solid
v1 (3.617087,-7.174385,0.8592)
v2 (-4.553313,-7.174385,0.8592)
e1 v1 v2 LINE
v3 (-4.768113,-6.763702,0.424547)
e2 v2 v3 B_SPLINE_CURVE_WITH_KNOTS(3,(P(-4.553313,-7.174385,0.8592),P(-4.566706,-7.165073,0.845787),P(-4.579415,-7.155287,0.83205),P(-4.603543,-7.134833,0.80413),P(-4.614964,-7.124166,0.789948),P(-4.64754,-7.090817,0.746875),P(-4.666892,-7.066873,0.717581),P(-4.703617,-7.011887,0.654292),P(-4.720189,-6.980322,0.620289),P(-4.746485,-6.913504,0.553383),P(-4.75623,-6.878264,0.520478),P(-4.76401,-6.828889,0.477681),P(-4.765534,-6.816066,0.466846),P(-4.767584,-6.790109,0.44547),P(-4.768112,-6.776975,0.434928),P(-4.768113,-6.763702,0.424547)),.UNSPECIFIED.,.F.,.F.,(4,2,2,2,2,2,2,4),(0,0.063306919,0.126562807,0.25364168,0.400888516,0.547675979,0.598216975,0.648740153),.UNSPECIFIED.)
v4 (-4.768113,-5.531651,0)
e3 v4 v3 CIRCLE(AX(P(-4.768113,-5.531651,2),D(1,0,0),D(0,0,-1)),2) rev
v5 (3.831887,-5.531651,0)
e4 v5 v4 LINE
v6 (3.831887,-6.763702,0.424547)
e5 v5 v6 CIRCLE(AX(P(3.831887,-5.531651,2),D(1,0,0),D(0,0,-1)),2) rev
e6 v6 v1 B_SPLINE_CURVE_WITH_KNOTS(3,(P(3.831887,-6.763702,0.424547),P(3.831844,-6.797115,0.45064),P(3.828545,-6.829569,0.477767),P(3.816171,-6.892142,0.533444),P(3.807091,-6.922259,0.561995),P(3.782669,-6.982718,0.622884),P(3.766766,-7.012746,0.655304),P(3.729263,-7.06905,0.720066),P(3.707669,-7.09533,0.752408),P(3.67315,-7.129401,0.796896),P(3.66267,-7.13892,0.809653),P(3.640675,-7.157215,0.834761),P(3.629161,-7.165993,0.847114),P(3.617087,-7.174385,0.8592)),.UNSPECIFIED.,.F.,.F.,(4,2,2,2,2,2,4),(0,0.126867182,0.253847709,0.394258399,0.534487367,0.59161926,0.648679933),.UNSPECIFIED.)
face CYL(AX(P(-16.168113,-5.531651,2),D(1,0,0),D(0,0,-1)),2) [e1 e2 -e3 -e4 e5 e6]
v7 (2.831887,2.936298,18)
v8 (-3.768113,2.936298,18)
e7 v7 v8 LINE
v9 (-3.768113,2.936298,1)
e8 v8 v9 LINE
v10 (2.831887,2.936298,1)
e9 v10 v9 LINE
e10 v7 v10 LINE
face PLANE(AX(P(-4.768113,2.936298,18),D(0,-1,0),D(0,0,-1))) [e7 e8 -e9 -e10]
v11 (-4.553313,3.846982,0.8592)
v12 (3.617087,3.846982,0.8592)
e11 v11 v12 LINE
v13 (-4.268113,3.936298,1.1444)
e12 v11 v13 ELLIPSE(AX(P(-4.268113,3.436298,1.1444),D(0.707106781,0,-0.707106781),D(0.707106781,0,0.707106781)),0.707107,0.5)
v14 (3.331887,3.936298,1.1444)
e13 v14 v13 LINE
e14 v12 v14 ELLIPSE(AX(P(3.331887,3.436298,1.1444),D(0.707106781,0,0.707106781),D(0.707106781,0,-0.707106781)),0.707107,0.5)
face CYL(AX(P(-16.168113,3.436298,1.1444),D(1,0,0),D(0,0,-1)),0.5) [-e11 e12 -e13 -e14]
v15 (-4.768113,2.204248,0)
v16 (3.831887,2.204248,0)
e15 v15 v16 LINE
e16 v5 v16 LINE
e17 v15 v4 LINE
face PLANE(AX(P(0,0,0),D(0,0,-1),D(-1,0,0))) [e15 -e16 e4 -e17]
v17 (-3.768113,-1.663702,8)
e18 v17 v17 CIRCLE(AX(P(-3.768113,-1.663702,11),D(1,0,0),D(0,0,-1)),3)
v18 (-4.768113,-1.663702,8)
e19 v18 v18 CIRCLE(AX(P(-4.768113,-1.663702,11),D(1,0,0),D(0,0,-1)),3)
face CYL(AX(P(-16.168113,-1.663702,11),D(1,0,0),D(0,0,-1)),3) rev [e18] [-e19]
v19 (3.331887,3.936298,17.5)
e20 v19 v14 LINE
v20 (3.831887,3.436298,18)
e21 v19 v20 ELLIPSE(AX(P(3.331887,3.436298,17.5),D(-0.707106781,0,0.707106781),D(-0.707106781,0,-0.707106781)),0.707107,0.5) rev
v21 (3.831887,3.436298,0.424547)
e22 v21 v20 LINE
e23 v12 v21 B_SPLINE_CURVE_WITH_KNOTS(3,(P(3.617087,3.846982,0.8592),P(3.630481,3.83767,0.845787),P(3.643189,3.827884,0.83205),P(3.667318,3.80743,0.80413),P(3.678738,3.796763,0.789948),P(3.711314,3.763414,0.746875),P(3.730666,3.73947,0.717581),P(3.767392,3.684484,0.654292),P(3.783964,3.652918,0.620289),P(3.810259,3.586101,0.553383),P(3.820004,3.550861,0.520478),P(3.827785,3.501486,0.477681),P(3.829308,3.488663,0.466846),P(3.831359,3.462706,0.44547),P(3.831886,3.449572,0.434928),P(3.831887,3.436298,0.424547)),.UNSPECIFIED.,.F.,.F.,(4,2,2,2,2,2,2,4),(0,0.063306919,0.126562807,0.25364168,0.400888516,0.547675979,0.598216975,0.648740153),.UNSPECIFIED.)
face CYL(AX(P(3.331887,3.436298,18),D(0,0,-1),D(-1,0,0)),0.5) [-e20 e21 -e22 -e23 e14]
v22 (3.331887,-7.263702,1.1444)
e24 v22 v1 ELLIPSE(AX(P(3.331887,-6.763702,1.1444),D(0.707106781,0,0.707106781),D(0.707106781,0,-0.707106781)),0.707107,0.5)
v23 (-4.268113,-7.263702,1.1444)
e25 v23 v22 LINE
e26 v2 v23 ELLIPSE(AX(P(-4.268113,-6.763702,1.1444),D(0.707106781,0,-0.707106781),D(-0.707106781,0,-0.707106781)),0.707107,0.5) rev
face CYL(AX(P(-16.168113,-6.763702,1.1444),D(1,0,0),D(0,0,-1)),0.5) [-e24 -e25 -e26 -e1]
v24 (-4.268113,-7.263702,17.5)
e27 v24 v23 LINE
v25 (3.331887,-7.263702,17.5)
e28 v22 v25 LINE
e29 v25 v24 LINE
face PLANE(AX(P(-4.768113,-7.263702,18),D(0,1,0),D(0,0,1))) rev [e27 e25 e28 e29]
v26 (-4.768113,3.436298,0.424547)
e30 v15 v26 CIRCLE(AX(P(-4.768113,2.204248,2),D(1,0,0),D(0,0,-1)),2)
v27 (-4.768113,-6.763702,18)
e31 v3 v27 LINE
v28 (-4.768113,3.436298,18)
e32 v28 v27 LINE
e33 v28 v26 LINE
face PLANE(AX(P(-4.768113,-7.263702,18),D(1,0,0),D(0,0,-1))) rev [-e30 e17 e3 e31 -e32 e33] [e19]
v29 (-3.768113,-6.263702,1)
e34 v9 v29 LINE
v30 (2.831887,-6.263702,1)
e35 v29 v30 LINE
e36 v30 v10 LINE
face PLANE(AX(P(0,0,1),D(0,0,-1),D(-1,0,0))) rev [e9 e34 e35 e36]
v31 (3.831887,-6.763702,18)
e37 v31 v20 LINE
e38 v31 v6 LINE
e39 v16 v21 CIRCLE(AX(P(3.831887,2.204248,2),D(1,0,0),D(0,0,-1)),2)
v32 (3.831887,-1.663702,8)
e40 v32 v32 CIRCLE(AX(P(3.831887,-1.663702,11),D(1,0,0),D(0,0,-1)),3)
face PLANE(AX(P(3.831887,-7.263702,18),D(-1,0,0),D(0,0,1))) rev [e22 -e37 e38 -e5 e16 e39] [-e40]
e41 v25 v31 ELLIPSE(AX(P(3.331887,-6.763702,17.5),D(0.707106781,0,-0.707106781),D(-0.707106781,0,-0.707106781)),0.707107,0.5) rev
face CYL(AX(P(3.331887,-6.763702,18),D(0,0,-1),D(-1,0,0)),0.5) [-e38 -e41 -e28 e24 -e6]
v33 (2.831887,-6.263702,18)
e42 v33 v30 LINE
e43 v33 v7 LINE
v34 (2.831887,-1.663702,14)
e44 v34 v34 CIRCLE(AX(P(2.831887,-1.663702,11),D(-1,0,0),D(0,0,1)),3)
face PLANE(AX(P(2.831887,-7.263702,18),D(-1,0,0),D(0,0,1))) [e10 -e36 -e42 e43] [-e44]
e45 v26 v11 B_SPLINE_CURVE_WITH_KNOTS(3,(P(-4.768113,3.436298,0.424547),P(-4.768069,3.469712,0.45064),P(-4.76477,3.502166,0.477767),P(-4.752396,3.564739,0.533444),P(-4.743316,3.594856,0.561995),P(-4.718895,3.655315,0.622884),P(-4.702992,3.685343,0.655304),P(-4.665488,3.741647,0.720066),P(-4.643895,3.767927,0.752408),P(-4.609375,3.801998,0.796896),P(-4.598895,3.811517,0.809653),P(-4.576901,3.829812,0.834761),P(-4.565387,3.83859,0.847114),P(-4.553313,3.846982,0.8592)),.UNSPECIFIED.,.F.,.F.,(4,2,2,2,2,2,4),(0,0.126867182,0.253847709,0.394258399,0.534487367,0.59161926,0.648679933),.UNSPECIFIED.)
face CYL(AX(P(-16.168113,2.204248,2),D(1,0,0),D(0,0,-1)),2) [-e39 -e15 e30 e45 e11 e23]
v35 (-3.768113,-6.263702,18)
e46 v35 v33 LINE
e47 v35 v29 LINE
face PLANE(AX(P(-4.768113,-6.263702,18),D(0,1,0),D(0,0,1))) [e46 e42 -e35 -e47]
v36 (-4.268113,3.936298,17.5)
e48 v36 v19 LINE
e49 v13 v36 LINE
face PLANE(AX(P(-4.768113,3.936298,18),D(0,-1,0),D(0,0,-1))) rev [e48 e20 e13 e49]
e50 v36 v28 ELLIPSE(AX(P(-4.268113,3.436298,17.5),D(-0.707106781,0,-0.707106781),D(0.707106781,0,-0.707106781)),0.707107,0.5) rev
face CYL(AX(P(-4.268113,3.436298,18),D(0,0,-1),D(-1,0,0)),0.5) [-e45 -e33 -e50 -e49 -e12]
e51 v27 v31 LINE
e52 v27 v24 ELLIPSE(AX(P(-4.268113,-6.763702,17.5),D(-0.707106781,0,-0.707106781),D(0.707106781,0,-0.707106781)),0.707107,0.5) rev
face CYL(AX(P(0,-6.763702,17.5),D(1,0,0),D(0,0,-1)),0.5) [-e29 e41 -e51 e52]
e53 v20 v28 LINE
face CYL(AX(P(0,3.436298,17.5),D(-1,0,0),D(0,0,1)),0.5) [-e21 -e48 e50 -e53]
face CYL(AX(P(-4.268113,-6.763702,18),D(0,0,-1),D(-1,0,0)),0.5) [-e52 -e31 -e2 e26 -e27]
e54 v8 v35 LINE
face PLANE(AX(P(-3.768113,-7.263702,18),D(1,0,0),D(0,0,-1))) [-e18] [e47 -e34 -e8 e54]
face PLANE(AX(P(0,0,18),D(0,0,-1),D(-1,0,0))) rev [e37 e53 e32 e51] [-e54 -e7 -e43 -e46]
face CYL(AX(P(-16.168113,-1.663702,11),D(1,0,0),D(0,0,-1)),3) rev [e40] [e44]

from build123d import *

# Parameters (mm, degrees)
ESQUISSE1_W             = 8.6
ESQUISSE1_H             = 11.2
BOSS_EXTRU_1_DEPTH      = 18
COQUE1_T                = -1
ESQUISSE2_R             = 3
ENL_V_MAT_EXTRU_1_DEPTH = 20
CONG_2_R                = 0.5


with BuildPart() as part:
    # Esquisse1 → Boss.-Extru.1 (new body)
    with BuildSketch(Plane.XY):
        with Locations((-0.468112778, -1.663701506)):
            Rectangle(ESQUISSE1_W, ESQUISSE1_H)
    extrude(amount=BOSS_EXTRU_1_DEPTH)

    # Coque1
    coque1_openings = [part.faces().sort_by_distance(p)[0] for p in [
        (-0.468112778, -1.663701506, 18),
    ]]
    offset(amount=COQUE1_T, openings=coque1_openings, kind=Kind.INTERSECTION)

    # Esquisse2 → Enlèv. mat.-Extru.1 (cut)
    with BuildSketch(Plane(origin=(3.831887222, 0, 0), x_dir=(0, 0, -1), z_dir=(1, 0, 0))):
        with BuildLine():
            ThreePointArc((-1, 3.936298494), (-0.267949192, 3.204247687), (0, 2.204247687))
            Line((0, 2.204247687), (0, 3.936298494))
            Line((0, 3.936298494), (-1, 3.936298494))
        make_face()
        with BuildLine():
            Line((-1, -7.263701506), (0, -7.263701506))
            Line((0, -7.263701506), (0, -5.531650698))
            ThreePointArc((0, -5.531650698), (-0.267949192, -6.531650698), (-1, -7.263701506))
        make_face()
        with Locations((-11, -1.663701506)):
            Circle(ESQUISSE2_R)
    extrude(amount=-ENL_V_MAT_EXTRU_1_DEPTH, mode=Mode.SUBTRACT)

    # Congé2
    cong_2_edges = [part.edges().sort_by_distance(p)[0] for p in [
        (-0.468112778, 3.936298494, 18),
        (-0.468112778, 3.936298494, 1),
        (-0.468112778, -7.263701506, 1),
        (-4.768112778, 3.936298494, 9.5),
        (3.831887222, 3.936298494, 9.5),
        (3.831887222, -7.263701506, 9.5),
        (-4.768112778, -7.263701506, 9.5),
        (-0.468112778, -7.263701506, 18),
    ]]
    fillet(cong_2_edges, radius=CONG_2_R)


solid = part.part
